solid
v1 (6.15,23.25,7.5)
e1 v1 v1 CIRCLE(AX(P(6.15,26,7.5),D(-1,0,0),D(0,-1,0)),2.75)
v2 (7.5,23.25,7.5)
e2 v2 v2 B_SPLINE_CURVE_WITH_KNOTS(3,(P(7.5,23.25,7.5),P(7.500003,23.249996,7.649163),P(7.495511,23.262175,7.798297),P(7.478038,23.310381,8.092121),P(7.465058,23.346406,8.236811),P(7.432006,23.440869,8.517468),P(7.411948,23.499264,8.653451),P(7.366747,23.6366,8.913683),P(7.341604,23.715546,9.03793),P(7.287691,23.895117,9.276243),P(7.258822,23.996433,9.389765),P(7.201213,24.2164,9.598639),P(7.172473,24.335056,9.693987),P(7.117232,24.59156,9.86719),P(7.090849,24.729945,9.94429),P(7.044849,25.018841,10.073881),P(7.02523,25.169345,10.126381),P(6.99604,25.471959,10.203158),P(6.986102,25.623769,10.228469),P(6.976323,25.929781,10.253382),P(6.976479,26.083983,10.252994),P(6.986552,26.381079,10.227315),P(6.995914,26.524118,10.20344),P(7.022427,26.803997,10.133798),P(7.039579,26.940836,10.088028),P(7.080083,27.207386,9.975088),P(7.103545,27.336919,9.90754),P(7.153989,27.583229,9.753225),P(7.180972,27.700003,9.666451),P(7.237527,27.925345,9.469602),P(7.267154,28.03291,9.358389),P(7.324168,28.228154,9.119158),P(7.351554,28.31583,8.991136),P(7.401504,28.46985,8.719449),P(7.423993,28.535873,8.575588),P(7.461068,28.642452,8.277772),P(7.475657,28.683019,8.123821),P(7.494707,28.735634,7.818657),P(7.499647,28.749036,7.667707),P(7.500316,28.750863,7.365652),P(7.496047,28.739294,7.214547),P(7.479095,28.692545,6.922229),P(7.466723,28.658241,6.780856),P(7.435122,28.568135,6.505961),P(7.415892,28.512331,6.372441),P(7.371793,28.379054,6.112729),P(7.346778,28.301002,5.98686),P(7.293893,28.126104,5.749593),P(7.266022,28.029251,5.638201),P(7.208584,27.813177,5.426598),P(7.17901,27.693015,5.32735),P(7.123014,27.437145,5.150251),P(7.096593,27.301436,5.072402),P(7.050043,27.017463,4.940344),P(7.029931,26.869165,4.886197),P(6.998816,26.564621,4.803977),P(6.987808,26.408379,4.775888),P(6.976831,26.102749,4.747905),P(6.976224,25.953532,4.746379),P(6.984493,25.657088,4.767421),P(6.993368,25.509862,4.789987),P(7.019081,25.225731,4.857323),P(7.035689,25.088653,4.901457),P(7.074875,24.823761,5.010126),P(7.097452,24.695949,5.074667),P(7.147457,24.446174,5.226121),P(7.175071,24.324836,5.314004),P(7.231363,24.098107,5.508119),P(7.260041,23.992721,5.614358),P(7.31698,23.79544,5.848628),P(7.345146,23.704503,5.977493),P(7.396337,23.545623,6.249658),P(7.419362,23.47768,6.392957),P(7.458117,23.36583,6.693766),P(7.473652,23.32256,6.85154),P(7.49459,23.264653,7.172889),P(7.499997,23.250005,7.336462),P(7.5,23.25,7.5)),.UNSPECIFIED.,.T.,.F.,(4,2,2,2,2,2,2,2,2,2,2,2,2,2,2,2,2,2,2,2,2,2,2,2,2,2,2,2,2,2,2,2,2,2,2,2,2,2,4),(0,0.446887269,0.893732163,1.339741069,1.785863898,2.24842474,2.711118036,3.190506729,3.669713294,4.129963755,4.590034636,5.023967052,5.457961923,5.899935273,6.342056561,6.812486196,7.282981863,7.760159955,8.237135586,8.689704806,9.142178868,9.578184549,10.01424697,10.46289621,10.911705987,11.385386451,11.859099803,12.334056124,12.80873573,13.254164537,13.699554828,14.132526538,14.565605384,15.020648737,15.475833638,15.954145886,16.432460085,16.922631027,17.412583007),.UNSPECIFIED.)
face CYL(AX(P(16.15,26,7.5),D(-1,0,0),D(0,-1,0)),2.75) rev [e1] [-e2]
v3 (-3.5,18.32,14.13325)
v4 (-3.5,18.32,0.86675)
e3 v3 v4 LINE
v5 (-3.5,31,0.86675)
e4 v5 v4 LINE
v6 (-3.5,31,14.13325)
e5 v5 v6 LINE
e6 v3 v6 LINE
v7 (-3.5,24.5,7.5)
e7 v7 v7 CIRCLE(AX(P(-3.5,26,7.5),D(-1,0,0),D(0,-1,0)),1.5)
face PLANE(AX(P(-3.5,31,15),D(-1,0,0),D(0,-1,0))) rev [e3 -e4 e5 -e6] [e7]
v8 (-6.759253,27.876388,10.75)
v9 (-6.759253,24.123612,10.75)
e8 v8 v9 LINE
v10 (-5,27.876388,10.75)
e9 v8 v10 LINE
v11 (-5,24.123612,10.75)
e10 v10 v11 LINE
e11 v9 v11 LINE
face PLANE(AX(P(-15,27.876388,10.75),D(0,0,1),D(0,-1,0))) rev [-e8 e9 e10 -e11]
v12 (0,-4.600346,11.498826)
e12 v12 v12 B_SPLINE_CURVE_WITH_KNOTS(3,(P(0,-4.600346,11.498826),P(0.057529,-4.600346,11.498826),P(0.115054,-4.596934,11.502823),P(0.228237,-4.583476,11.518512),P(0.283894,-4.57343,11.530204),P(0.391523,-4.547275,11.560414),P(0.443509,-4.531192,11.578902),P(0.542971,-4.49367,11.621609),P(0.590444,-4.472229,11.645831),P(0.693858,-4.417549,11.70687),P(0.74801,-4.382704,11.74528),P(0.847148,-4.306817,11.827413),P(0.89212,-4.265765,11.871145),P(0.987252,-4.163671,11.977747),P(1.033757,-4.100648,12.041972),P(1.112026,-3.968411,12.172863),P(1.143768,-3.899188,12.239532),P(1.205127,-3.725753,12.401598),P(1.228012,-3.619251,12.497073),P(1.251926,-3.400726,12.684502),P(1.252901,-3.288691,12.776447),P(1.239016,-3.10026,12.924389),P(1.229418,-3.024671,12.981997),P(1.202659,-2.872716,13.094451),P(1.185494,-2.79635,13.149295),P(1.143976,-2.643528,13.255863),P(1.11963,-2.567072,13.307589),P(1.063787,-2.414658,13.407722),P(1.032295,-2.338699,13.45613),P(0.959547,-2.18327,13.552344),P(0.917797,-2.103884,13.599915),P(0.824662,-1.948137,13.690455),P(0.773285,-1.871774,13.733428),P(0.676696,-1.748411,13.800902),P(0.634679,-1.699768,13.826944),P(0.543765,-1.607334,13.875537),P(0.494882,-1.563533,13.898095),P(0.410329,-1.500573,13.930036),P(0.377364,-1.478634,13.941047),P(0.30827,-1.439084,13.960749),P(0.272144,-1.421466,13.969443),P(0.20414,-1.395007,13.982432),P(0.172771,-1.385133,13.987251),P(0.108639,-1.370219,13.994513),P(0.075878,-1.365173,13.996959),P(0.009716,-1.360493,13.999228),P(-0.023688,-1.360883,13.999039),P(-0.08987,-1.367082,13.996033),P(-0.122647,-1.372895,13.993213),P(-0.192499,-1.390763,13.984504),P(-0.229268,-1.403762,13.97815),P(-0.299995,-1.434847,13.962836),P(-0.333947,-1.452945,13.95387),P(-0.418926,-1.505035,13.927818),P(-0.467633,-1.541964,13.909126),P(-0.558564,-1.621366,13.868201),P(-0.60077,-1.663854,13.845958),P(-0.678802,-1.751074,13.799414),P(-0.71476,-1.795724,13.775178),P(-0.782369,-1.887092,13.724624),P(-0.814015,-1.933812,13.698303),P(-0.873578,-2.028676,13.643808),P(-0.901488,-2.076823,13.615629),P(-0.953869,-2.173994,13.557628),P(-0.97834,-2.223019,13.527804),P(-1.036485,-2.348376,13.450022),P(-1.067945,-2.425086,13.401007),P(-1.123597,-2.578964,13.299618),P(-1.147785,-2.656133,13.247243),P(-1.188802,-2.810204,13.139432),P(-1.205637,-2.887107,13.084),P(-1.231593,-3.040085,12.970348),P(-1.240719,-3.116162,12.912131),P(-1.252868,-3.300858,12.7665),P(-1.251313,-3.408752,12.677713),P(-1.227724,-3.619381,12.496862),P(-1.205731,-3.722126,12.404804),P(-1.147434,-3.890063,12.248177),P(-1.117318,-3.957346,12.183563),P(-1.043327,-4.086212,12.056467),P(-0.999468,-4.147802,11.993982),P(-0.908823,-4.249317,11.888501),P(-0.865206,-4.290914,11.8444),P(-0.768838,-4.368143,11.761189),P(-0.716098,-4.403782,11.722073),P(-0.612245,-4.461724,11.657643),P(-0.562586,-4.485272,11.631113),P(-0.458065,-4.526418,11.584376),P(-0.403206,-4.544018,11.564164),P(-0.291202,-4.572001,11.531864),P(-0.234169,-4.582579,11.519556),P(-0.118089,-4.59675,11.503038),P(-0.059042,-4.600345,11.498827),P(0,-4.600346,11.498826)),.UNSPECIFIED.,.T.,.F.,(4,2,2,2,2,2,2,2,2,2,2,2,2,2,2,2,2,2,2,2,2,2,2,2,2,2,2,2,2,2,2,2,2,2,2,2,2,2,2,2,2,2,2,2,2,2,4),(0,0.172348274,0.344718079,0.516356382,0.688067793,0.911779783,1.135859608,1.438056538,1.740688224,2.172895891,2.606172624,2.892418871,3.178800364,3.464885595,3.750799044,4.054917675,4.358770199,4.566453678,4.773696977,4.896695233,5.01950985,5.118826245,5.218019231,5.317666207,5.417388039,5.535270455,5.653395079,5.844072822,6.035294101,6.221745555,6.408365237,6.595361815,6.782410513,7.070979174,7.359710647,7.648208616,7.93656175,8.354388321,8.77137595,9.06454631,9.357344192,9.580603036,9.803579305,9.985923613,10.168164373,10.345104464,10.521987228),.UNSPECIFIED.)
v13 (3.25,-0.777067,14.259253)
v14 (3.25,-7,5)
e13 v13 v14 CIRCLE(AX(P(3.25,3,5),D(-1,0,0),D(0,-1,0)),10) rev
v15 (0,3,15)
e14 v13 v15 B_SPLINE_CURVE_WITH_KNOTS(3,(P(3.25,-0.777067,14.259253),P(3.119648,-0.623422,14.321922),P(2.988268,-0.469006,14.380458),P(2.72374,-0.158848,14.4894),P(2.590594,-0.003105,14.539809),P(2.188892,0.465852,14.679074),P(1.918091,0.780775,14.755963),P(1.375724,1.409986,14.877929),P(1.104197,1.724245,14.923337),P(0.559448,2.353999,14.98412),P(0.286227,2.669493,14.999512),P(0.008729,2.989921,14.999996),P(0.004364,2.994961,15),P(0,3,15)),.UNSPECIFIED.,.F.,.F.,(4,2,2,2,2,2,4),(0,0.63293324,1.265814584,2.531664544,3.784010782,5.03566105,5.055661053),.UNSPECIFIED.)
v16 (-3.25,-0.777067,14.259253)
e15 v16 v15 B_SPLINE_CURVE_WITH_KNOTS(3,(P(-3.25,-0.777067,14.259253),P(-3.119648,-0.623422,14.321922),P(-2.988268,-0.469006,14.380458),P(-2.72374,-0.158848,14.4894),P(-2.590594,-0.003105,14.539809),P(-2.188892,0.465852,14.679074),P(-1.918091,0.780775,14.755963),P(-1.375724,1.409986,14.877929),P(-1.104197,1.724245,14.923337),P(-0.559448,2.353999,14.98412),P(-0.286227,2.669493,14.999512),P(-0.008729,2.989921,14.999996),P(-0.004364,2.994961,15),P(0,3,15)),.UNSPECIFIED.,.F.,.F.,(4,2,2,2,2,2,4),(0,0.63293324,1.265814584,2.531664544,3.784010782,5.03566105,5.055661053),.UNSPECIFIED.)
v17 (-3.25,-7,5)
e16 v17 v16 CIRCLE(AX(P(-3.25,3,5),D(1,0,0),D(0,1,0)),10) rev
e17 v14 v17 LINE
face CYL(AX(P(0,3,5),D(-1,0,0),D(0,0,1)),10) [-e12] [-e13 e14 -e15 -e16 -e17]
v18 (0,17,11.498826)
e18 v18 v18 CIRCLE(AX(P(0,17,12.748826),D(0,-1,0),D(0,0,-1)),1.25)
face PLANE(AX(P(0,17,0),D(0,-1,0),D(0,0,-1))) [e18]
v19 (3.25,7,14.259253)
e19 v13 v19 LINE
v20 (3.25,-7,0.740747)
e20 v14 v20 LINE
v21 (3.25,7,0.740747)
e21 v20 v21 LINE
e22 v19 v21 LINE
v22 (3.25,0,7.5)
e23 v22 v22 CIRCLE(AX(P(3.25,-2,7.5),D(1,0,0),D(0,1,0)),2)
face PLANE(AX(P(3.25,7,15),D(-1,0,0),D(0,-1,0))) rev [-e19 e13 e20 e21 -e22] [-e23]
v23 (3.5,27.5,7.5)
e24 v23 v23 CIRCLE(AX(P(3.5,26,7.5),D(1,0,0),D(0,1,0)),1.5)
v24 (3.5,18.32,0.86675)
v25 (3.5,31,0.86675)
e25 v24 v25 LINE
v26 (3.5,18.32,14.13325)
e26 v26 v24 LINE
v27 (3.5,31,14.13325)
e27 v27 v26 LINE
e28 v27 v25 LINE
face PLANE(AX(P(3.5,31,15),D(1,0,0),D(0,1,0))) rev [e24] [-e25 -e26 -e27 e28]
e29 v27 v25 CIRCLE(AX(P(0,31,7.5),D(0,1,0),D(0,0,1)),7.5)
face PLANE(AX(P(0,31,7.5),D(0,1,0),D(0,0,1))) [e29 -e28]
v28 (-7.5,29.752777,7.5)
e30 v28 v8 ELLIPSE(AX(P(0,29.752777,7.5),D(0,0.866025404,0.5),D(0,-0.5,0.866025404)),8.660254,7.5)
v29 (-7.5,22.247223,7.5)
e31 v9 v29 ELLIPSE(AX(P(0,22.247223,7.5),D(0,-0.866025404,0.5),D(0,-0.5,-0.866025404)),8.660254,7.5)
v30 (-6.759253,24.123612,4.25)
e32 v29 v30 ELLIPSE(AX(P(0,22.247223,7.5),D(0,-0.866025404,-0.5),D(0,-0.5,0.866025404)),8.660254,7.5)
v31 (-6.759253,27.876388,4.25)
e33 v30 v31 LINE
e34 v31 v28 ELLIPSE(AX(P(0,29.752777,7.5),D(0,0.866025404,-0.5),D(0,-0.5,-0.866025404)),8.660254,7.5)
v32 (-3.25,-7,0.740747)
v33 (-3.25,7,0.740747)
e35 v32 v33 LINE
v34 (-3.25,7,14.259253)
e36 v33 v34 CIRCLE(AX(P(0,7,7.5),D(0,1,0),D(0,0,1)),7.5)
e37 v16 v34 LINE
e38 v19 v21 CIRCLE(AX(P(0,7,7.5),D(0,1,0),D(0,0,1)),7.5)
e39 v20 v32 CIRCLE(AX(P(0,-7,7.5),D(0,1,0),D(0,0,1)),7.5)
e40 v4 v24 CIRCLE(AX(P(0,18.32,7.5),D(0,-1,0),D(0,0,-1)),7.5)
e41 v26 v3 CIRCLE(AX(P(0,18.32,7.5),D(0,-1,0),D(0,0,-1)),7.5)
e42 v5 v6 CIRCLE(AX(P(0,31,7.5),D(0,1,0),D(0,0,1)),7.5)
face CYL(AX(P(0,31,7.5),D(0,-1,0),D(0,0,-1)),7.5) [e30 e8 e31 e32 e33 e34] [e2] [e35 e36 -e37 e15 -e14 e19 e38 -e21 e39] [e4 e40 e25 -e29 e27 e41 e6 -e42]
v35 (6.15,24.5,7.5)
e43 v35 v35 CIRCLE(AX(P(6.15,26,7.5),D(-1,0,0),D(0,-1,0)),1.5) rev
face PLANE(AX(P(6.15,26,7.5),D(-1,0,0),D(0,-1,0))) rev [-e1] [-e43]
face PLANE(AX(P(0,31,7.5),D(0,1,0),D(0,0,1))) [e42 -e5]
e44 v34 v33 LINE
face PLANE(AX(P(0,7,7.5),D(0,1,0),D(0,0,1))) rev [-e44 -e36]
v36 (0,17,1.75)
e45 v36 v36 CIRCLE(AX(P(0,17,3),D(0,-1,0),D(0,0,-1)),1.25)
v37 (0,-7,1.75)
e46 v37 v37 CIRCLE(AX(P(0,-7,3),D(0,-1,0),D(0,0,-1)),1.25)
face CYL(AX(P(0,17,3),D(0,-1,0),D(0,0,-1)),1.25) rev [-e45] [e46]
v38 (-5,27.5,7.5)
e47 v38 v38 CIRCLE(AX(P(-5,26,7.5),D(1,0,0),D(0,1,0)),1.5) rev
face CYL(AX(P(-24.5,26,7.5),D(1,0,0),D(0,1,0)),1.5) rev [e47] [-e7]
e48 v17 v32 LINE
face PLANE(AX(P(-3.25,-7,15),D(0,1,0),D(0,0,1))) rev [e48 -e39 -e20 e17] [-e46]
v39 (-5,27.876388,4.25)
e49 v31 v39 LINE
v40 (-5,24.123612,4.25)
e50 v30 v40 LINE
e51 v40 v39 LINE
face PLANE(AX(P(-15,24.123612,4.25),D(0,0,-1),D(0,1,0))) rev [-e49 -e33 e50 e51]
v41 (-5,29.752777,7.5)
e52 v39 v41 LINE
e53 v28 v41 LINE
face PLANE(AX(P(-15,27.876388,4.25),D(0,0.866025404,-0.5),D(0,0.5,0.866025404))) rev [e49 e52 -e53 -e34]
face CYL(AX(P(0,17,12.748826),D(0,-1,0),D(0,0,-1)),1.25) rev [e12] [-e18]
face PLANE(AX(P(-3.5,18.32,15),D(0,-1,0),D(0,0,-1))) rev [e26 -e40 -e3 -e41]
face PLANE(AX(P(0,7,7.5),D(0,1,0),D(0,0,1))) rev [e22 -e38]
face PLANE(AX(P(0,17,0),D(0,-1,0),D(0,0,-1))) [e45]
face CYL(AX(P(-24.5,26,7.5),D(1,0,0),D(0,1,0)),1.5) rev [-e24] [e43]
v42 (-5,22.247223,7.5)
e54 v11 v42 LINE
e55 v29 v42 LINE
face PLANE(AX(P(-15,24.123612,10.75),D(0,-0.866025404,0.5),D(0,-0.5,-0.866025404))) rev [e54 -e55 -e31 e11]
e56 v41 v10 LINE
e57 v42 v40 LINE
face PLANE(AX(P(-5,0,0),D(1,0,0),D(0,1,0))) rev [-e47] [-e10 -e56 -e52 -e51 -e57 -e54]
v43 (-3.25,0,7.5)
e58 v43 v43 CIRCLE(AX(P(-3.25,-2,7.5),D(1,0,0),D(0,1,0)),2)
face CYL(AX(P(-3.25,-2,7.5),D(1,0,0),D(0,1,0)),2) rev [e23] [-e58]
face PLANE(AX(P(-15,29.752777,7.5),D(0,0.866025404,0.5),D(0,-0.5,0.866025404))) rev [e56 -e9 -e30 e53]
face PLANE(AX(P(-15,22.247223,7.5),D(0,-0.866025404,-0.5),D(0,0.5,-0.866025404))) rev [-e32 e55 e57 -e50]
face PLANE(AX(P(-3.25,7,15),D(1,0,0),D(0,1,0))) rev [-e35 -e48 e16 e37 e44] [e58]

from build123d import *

# Parameters (mm, degrees)
SKETCH1_W           = 6.5
SKETCH1_H           = 14
BOSS_EXTRUDE1_DEPTH = 15
FILLET1_R           = 10
SKETCH2_R           = 2
CUT_EXTRUDE1_DEPTH  = 18.783419244
SKETCH4_R           = 7.5
BOSS_EXTRUDE2_DEPTH = 24
SKETCH6_W           = 7
SKETCH6_H           = 12.68
CUT_EXTRUDE2_DEPTH  = 36.245567097
CUT_EXTRUDE3_DEPTH  = 30.278831944
SKETCH8_R           = 1.5
CUT_EXTRUDE4_DEPTH  = 21
SKETCH9_R           = 2.75
CUT_EXTRUDE5_DEPTH  = 10
CUT_EXTRUDE6_DEPTH  = 10
SKETCH11_R          = 1.25
CUT_EXTRUDE7_DEPTH  = 24


with BuildPart() as part:
    # Sketch1 → Boss-Extrude1 (new body)
    with BuildSketch(Plane.XY):
        Rectangle(SKETCH1_W, SKETCH1_H)
    extrude(amount=BOSS_EXTRUDE1_DEPTH)

    # Fillet1
    fillet1_edges = [part.edges().sort_by_distance(p)[0] for p in [
        (0, -7, 15),
    ]]
    fillet(fillet1_edges, radius=FILLET1_R)

    # Sketch2 → Cut-Extrude1 (cut, through all)
    with BuildSketch(Plane(origin=(3.25, 0, 0), x_dir=(0, 0, -1), z_dir=(1, 0, 0))):
        with Locations(Location((-7.5, -2, 0), (0, 0, 90))):
            Circle(SKETCH2_R)
    extrude(amount=-CUT_EXTRUDE1_DEPTH, mode=Mode.SUBTRACT)

    # Sketch4 → Boss-Extrude2 (add)
    with BuildSketch(Plane(origin=(0, 7, 0), x_dir=(1, 0, 0), z_dir=(0, 1, 0))):
        with Locations(Location((0, -7.5, 0), (0, 0, 270))):
            Circle(SKETCH4_R)
    extrude(amount=BOSS_EXTRUDE2_DEPTH)

    # Sketch6 → Cut-Extrude2 (cut, through all)
    with BuildSketch(Plane(origin=(0, 0, 0), x_dir=(-1, 0, 0), z_dir=(0, 0, -1))):
        with Locations((0, 24.66)):
            Rectangle(SKETCH6_W, SKETCH6_H)
    extrude(amount=-CUT_EXTRUDE2_DEPTH, mode=Mode.SUBTRACT)

    # Sketch7 → Cut-Extrude3 (cut, through all)
    with BuildSketch(Plane(origin=(0, 7, 0), x_dir=(1, 0, 0), z_dir=(0, 1, 0))):
        with BuildLine():
            ThreePointArc((0, -15), (-1.666673801, -14.812468697), (-3.25, -14.259252917))
            Line((-3.25, -14.259252917), (-3.25, -15))
            Line((-3.25, -15), (0, -15))
        make_face()
        with BuildLine():
            ThreePointArc((3.25, -14.259252917), (1.666673801, -14.812468697), (0, -15))
            Line((0, -15), (3.25, -15))
            Line((3.25, -15), (3.25, -14.259252917))
        make_face()
        with BuildLine():
            ThreePointArc((-3.25, -0.740747083), (-1.666673801, -0.187531303), (0, 0))
            Line((0, 0), (-3.25, 0))
            Line((-3.25, 0), (-3.25, -0.740747083))
        make_face()
        with BuildLine():
            Line((3.25, 0), (0, 0))
            ThreePointArc((0, 0), (1.666673801, -0.187531303), (3.25, -0.740747083))
            Line((3.25, -0.740747083), (3.25, 0))
        make_face()
    extrude(amount=-CUT_EXTRUDE3_DEPTH, mode=Mode.SUBTRACT)

    # Sketch8 → Cut-Extrude4 (cut, symmetric)
    with BuildSketch(Plane(origin=(-3.5, 0, 0), x_dir=(0, 0, -1), z_dir=(1, 0, 0))):
        with Locations(Location((-7.5, 26, 0), (0, 0, 90))):
            Circle(SKETCH8_R)
    extrude(amount=CUT_EXTRUDE4_DEPTH, both=True, mode=Mode.SUBTRACT)

    # Sketch9 → Cut-Extrude5 (cut)
    with BuildSketch(Plane.ZY.offset(-6.15)):
        with Locations(Location((7.5, 26, 0), (0, 0, 270))):
            Circle(SKETCH9_R)
    extrude(amount=-CUT_EXTRUDE5_DEPTH, mode=Mode.SUBTRACT)

    # Sketch10 → Cut-Extrude6 (cut)
    with BuildSketch(Plane(origin=(-5, 0, 0), x_dir=(0, 0, -1), z_dir=(1, 0, 0))):
        Polygon((-7.5, 29.75277675), (-10.75, 27.876388375), (-10.75, 24.123611625), (-7.5, 22.24722325), (-4.25, 24.123611625), (-4.25, 27.876388375), align=None)
    extrude(amount=-CUT_EXTRUDE6_DEPTH, mode=Mode.SUBTRACT)

    # Sketch11 → Cut-Extrude7 (cut)
    with BuildSketch(Plane.XZ.offset(7)):
        with Locations(Location((0, 12.74882624, 0), (0, 0, 270))):
            Circle(SKETCH11_R)
        with Locations(Location((0, 3, 0), (0, 0, 270))):
            Circle(SKETCH11_R)
    extrude(amount=-CUT_EXTRUDE7_DEPTH, mode=Mode.SUBTRACT)


solid = part.part
